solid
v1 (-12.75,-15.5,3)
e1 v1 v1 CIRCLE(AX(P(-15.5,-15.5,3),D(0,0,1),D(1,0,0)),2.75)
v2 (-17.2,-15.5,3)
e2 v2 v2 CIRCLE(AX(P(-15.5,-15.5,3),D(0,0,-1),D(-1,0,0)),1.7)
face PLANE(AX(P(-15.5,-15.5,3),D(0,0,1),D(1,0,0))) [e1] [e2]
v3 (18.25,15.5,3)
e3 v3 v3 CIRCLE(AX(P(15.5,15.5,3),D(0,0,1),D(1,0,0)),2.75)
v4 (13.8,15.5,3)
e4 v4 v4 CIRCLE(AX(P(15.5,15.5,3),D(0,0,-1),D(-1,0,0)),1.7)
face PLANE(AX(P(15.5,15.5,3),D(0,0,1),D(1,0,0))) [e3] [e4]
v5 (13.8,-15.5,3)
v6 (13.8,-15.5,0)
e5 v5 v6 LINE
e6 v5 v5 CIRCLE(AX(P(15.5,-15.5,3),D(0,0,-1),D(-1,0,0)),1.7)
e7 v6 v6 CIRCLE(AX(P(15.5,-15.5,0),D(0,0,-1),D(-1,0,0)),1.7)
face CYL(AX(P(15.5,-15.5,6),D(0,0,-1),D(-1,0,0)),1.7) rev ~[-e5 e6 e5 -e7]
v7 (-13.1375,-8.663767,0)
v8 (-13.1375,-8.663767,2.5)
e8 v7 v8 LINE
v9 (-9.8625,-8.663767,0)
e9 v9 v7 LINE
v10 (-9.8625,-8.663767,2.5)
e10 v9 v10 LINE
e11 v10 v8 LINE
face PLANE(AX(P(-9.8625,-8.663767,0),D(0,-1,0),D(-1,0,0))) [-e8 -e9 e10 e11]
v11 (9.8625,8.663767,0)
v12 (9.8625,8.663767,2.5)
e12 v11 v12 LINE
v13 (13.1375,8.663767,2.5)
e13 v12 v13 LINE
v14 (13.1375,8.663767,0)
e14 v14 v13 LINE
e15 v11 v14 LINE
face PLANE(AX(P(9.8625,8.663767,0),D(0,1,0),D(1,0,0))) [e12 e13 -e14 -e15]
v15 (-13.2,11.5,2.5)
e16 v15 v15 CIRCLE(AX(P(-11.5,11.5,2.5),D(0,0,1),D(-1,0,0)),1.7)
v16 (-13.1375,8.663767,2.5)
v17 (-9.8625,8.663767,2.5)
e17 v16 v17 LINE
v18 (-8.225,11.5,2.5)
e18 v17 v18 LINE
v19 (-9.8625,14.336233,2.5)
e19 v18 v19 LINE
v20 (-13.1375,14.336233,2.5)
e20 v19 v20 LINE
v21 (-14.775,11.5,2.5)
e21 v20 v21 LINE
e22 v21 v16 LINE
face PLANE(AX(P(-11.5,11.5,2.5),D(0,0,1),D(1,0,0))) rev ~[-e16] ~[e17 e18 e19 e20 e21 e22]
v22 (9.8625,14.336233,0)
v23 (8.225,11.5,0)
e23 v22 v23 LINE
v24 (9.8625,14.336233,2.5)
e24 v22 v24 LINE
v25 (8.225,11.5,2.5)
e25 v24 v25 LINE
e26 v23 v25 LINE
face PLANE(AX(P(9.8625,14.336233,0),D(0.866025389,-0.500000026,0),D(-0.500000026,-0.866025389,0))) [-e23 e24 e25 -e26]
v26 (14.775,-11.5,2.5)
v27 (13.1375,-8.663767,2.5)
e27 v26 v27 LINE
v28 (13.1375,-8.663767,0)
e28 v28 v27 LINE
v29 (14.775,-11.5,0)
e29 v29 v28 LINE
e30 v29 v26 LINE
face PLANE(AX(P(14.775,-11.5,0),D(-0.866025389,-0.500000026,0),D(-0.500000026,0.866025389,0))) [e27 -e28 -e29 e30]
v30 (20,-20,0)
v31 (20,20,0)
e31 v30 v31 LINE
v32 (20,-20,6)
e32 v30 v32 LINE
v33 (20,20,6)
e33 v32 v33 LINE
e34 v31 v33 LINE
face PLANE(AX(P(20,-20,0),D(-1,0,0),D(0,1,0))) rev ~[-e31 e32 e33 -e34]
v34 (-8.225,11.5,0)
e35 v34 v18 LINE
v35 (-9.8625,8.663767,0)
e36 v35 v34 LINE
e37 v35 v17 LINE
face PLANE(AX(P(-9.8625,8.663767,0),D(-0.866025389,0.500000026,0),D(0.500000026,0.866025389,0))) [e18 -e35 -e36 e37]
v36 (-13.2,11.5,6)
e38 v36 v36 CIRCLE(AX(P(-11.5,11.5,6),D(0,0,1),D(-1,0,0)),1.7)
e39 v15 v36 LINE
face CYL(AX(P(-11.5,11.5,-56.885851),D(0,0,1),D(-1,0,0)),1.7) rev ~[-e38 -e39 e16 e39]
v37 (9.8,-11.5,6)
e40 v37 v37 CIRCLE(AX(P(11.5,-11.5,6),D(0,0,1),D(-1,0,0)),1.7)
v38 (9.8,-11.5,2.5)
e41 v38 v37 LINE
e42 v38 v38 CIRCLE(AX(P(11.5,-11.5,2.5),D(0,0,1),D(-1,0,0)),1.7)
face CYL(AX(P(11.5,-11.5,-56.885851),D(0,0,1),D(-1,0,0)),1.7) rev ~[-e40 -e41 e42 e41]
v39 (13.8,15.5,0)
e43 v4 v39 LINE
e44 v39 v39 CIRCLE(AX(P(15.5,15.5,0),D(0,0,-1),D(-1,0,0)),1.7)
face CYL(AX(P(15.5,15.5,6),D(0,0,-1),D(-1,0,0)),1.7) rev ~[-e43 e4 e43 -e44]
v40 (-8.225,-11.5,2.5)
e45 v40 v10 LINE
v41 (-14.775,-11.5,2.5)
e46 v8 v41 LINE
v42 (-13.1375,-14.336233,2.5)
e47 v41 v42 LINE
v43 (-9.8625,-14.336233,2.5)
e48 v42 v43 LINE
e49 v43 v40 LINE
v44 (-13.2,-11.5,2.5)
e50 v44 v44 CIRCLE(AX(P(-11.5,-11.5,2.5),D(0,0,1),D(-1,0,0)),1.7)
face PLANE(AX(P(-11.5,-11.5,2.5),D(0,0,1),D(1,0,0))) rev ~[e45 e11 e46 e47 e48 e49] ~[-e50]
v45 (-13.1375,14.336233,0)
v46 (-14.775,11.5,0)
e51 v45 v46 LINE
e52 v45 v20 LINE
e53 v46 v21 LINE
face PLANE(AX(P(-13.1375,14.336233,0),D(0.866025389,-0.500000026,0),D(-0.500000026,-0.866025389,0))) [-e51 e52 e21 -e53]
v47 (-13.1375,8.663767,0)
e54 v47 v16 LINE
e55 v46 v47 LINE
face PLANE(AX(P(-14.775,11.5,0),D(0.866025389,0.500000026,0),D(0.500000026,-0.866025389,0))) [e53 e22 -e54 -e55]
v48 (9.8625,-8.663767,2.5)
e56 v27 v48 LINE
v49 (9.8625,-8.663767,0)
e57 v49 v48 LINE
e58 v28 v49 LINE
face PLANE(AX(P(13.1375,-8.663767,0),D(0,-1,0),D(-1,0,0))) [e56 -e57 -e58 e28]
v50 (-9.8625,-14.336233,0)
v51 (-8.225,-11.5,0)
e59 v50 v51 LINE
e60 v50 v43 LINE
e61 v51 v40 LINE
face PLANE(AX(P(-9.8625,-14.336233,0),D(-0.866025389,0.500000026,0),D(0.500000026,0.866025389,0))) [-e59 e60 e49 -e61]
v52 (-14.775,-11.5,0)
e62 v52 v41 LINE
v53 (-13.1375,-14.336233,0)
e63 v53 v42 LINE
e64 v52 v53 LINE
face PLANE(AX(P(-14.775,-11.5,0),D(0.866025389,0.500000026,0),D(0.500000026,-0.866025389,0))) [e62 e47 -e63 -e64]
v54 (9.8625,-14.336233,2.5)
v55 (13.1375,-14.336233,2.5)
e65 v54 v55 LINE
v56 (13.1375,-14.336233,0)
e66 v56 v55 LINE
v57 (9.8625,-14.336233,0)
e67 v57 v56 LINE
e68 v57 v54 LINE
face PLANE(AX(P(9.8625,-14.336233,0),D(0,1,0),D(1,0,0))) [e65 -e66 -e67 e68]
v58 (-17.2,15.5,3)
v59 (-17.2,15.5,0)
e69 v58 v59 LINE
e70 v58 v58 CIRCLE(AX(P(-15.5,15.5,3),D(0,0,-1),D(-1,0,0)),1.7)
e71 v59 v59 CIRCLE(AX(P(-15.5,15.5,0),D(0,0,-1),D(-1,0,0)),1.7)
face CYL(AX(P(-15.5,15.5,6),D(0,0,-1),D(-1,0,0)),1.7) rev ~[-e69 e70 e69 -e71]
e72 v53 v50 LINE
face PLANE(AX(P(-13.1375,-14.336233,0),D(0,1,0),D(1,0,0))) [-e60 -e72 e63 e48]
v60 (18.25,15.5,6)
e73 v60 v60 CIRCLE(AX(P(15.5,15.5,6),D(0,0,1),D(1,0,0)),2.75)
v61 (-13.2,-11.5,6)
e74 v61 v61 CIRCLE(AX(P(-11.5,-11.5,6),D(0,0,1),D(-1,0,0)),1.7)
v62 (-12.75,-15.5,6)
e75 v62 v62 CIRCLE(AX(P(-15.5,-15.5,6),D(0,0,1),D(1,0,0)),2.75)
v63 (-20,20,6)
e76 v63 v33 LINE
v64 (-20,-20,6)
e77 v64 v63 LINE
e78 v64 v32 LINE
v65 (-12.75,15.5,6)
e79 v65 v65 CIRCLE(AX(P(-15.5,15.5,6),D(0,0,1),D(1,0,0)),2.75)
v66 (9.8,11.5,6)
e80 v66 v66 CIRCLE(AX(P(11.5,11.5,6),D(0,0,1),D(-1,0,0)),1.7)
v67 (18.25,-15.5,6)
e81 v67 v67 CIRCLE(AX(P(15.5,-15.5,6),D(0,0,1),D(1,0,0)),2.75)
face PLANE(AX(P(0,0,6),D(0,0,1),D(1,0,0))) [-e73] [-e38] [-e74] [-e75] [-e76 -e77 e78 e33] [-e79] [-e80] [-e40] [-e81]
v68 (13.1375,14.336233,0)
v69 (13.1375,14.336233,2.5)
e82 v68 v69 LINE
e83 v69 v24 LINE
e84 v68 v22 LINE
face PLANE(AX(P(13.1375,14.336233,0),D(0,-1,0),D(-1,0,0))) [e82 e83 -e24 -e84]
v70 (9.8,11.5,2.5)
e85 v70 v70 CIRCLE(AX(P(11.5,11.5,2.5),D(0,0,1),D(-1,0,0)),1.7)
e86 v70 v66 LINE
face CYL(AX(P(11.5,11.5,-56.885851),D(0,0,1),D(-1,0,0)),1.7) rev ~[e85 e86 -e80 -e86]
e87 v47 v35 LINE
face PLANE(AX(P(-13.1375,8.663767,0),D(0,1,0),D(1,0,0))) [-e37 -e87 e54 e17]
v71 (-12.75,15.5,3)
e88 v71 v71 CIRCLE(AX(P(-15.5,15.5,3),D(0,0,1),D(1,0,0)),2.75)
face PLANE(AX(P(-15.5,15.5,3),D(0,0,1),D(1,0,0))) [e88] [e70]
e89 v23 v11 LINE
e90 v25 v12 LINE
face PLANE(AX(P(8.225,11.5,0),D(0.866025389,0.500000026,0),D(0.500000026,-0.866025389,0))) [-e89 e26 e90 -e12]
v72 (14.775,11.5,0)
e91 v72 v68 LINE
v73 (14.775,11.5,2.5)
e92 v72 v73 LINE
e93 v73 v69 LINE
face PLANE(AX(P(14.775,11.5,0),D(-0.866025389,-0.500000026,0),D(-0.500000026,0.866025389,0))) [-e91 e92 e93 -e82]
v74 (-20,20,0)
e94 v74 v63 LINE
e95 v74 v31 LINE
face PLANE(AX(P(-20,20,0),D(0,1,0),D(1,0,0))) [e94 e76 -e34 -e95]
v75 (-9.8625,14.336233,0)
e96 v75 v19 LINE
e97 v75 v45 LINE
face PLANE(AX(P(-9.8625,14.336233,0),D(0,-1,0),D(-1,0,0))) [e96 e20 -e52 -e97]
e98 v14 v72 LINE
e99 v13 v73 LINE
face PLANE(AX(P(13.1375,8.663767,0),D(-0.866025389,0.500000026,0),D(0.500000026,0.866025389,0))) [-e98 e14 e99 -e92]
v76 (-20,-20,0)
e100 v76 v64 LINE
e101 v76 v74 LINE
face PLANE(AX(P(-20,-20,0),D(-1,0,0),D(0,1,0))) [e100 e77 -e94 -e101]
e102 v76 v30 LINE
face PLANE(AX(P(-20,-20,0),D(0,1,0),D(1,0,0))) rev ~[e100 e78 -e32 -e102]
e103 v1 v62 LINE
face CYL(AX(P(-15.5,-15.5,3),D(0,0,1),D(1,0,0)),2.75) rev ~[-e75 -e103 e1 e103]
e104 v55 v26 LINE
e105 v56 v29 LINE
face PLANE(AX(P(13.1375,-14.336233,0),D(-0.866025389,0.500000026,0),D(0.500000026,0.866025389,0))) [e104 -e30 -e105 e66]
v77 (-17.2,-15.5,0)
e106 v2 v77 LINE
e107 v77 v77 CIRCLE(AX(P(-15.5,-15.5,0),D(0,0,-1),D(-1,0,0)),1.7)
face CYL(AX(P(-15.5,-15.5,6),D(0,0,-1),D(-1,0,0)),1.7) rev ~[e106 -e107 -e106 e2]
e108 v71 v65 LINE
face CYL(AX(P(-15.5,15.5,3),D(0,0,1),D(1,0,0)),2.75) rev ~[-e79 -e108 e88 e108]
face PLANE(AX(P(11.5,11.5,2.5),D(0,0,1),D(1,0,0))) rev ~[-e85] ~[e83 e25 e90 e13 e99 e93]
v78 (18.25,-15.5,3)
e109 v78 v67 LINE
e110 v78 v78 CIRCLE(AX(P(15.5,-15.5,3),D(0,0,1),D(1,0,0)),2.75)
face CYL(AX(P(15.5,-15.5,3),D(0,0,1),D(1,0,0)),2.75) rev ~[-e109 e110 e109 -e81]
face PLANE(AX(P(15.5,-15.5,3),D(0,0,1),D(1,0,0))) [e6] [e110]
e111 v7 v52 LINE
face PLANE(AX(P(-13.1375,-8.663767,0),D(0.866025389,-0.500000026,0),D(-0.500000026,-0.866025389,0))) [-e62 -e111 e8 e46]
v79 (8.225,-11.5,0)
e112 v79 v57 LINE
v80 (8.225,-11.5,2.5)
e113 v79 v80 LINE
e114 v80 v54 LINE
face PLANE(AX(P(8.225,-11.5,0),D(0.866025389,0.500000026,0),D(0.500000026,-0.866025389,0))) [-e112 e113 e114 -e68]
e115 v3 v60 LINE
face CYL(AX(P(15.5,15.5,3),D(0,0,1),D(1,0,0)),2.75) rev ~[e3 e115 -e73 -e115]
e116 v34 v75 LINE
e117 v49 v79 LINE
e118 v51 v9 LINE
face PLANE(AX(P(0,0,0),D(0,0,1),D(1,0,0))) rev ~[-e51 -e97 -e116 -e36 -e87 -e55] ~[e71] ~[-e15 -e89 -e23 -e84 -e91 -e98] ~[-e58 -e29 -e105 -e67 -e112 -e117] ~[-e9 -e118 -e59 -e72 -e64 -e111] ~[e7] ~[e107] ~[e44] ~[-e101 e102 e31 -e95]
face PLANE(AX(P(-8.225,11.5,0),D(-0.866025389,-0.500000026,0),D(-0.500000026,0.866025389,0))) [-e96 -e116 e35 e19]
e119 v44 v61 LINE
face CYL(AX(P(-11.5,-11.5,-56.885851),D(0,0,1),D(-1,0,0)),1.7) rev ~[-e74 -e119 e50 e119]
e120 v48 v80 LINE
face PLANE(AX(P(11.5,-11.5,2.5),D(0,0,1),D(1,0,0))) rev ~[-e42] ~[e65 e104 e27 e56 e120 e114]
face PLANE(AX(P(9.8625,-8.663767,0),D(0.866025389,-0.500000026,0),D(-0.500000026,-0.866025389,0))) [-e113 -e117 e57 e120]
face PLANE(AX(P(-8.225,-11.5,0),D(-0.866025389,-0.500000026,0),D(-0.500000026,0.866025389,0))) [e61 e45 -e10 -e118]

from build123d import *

# Parameters (mm, degrees)
F0_W           = 40
F0_H           = 40
F1_DEPTH       = 6
F4_D           = 3.4
F4_CBORE_D     = 5.5
F4_CBORE_DEPTH = 3
F5_D           = 3.4
F6_DEPTH       = 2.5


with BuildPart() as f1:
    # F0 (on Top) → F1 (new body)
    with BuildSketch(Plane.XY):
        Rectangle(F0_W, F0_H)
    extrude(amount=F1_DEPTH)

    # F4 (through all)
    with Locations(Plane.XY.offset(6)):
        with Locations((-15.5, 15.5), (15.5, 15.5), (15.5, -15.5), (-15.5, -15.5)):
            CounterBoreHole(F4_D / 2, F4_CBORE_D / 2, F4_CBORE_DEPTH)

    # F5 (through all)
    with Locations(Plane(origin=(0, 0, 0), x_dir=(1, 0, 0), z_dir=(0, 0, -1))):
        with Locations((-11.5, -11.5), (11.5, -11.5), (11.5, 11.5), (-11.5, 11.5)):
            Hole(F5_D / 2)

    # F3 (on face) → F6 (cut)
    with BuildSketch(Plane.XY):
        Polygon((-9.8625, 8.663767), (-8.225, 11.5), (-9.8625, 14.336233), (-13.1375, 14.336233), (-14.775, 11.5), (-13.1375, 8.663767), align=None)
        Polygon((-9.8625, -14.336233), (-8.225, -11.5), (-9.8625, -8.663767), (-13.1375, -8.663767), (-14.775, -11.5), (-13.1375, -14.336233), align=None)
        Polygon((8.225, -11.5), (9.8625, -14.336233), (13.1375, -14.336233), (14.775, -11.5), (13.1375, -8.663767), (9.8625, -8.663767), align=None)
        Polygon((8.225, 11.5), (9.8625, 8.663767), (13.1375, 8.663767), (14.775, 11.5), (13.1375, 14.336233), (9.8625, 14.336233), align=None)
    extrude(amount=F6_DEPTH, mode=Mode.SUBTRACT)


solid = f1.part
